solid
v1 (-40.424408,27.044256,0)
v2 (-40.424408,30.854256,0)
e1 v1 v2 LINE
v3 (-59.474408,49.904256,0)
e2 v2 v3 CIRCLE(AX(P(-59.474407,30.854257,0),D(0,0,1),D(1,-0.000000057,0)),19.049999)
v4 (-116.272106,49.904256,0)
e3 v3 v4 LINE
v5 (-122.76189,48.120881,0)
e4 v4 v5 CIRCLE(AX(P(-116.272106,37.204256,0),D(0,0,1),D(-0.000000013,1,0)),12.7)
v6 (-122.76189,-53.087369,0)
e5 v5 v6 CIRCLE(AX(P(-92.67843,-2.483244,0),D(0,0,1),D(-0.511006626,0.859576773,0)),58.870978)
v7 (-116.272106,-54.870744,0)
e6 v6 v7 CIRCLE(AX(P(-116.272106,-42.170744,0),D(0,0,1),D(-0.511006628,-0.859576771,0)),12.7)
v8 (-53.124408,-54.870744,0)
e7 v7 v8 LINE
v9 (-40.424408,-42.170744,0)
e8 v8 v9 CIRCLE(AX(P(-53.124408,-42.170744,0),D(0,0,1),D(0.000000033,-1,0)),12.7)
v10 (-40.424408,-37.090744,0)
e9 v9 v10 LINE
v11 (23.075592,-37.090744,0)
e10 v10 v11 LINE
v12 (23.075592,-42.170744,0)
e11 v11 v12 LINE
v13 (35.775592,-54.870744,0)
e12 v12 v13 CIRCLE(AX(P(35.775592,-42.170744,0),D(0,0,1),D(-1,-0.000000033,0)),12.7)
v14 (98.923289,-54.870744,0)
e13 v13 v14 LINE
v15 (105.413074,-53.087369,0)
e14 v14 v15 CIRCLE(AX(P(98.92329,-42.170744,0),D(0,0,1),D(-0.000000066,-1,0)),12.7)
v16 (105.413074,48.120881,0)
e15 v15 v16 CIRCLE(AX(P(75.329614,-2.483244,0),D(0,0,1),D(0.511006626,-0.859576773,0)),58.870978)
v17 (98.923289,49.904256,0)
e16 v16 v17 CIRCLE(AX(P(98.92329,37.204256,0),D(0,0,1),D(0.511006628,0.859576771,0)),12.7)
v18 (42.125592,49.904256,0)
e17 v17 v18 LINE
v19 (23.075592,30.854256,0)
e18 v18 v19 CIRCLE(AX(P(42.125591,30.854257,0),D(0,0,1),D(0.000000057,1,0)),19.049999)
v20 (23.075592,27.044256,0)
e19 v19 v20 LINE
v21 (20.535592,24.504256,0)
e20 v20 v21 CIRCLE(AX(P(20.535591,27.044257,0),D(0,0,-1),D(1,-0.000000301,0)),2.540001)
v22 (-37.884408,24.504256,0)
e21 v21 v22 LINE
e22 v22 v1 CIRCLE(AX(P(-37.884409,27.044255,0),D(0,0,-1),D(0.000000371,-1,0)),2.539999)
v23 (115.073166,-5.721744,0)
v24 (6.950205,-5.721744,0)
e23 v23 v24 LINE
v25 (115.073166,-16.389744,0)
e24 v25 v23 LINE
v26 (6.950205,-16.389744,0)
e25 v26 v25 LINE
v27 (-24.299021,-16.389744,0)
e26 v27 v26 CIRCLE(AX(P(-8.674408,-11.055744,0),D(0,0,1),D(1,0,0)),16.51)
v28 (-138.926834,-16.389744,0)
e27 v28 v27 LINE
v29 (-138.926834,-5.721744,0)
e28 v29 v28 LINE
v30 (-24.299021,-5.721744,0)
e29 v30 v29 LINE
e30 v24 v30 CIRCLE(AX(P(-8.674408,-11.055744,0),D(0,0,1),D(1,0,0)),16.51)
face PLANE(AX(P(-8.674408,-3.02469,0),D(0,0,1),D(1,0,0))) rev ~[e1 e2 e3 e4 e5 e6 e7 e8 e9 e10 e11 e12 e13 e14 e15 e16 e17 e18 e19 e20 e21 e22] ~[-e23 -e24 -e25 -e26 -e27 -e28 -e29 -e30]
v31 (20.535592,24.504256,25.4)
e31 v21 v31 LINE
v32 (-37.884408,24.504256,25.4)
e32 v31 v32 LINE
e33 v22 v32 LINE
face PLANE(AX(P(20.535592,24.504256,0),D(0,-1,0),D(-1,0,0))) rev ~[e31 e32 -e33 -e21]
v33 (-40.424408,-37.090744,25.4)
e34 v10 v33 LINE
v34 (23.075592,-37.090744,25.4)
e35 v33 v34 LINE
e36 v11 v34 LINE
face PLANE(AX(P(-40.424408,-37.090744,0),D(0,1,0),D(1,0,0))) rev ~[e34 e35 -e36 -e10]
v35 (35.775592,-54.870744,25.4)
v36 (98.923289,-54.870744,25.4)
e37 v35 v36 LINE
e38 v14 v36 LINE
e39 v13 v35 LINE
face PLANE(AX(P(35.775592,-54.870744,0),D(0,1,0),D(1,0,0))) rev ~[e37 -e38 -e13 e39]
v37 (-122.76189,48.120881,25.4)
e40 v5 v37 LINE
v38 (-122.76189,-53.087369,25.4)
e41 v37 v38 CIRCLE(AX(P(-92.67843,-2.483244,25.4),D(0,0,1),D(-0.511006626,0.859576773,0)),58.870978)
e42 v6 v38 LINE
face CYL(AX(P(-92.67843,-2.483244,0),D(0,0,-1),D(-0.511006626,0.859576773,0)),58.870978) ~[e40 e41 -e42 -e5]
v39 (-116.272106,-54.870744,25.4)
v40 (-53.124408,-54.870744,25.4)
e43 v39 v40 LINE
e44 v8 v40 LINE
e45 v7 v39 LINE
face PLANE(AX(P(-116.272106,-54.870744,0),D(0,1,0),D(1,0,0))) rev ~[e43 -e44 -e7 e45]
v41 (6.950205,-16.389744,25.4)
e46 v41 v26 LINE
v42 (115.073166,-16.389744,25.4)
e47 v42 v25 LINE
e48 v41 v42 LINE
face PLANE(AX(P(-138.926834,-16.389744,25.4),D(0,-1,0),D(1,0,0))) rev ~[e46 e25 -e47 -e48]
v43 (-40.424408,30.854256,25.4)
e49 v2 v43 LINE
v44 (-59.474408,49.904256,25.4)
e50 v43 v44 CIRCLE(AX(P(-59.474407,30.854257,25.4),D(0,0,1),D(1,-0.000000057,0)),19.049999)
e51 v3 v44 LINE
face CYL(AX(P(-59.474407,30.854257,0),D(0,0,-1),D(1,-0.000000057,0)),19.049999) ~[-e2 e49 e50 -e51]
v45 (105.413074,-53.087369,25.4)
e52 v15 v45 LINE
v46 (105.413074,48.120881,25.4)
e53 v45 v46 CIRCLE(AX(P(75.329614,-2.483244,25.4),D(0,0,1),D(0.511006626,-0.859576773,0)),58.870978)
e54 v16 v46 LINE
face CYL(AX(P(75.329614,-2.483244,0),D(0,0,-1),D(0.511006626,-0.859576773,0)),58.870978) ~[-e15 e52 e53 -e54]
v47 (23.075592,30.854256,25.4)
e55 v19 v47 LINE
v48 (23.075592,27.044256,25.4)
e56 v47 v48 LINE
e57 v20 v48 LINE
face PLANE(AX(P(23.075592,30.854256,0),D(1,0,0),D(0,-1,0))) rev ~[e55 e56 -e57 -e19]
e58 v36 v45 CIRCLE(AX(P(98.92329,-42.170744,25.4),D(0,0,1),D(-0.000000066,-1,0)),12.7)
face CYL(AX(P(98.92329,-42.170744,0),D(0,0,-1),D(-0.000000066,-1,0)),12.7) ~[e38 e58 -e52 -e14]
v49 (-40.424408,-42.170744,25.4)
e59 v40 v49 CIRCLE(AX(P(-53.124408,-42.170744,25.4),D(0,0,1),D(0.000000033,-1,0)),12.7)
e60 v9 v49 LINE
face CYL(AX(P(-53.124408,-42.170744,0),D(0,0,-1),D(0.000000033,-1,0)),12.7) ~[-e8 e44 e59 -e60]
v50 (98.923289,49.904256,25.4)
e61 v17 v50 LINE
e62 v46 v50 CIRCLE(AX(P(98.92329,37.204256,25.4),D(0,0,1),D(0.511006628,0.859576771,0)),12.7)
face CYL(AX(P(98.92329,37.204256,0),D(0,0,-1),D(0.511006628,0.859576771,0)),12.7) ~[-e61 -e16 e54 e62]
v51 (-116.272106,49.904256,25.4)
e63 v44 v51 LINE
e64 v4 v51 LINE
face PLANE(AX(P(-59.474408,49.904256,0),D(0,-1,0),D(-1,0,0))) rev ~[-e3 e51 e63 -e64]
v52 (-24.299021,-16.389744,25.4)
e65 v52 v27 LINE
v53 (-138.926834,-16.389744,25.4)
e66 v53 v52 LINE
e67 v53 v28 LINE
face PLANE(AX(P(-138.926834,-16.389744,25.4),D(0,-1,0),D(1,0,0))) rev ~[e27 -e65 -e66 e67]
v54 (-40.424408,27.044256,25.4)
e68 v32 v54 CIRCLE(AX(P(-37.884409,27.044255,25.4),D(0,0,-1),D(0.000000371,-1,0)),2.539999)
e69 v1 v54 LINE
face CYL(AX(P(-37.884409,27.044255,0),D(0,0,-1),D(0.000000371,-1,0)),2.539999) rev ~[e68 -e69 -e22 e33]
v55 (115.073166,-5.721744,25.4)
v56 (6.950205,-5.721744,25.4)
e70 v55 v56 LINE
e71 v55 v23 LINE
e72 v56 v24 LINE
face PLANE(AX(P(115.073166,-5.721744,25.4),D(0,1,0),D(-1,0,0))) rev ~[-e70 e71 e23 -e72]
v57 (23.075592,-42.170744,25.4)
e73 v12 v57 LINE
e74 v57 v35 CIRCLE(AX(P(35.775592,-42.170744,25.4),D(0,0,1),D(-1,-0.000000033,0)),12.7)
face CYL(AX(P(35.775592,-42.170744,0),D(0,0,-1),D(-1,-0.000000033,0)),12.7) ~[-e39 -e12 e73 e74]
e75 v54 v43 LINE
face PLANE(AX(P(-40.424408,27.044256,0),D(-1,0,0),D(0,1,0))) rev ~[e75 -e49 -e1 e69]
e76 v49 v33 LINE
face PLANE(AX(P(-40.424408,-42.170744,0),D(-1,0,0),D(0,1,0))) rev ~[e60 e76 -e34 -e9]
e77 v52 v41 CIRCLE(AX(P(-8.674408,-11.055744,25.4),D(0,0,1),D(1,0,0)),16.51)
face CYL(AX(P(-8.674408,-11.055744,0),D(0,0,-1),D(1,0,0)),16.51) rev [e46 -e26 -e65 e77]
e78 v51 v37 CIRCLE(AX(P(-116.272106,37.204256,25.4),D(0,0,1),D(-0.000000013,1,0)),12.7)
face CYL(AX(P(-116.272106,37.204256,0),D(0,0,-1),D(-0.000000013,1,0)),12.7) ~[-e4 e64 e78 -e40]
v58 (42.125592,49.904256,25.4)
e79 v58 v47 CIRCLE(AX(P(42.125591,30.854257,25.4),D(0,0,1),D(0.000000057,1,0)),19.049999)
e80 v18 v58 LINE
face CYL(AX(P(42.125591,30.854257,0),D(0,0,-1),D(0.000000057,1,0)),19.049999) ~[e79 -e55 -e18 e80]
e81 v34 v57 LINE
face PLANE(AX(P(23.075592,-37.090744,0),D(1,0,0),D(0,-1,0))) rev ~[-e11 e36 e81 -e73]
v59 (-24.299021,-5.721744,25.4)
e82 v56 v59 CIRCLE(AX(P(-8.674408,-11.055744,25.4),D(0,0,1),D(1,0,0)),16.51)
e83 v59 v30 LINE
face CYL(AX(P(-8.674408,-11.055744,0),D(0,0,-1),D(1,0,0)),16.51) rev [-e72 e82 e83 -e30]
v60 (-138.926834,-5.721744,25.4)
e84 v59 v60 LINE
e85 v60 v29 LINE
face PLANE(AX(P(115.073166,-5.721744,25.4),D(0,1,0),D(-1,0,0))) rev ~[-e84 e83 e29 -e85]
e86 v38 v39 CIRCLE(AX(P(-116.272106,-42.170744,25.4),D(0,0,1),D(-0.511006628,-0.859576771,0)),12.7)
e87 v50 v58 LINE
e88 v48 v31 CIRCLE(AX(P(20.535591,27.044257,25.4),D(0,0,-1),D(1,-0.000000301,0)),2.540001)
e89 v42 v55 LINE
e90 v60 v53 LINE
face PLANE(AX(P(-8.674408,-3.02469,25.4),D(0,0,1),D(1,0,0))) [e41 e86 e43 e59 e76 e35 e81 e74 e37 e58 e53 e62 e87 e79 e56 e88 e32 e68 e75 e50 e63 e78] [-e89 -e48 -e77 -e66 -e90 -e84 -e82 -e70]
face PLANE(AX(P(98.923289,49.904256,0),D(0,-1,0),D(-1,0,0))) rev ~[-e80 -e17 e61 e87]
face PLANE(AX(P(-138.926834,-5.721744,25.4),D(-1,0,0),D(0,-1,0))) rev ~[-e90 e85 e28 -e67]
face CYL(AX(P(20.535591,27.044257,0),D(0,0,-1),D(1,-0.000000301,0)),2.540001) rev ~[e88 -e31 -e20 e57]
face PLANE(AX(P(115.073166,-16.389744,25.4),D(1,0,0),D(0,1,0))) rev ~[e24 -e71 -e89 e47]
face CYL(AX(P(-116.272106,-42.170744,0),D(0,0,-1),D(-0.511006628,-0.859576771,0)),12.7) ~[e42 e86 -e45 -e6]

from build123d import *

# Parameters (mm, degrees)
F0_R     = 16.51
F1_DEPTH = 25.4
F3_DEPTH = 25.4


with BuildPart() as f1:
    # F0 (on Top) → F1 (new body)
    with BuildSketch(Plane.XY):
        with BuildLine():
            Line((-59.474408, 49.904256), (-116.272106, 49.904256))
            ThreePointArc((-116.272106, 49.904256), (-119.637285, 49.450299), (-122.76189, 48.120881))
            ThreePointArc((-122.76189, 48.120881), (-151.549408, -2.483244), (-122.76189, -53.087369))
            ThreePointArc((-122.76189, -53.087369), (-119.637285, -54.416787), (-116.272106, -54.870744))
            Line((-116.272106, -54.870744), (-53.124408, -54.870744))
            ThreePointArc((-53.124408, -54.870744), (-44.144152, -51.151), (-40.424408, -42.170744))
            Line((-40.424408, -42.170744), (-40.424408, -37.090744))
            Line((-40.424408, -37.090744), (-8.674408, -37.090744))
            Line((-8.674408, -37.090744), (23.075592, -37.090744))
            Line((23.075592, -37.090744), (23.075592, -42.170744))
            ThreePointArc((23.075592, -42.170744), (26.795336, -51.151), (35.775592, -54.870744))
            Line((35.775592, -54.870744), (98.923289, -54.870744))
            ThreePointArc((98.923289, -54.870744), (102.288469, -54.416787), (105.413074, -53.087369))
            ThreePointArc((105.413074, -53.087369), (134.200592, -2.483244), (105.413074, 48.120881))
            ThreePointArc((105.413074, 48.120881), (102.288469, 49.450299), (98.923289, 49.904256))
            Line((98.923289, 49.904256), (42.125592, 49.904256))
            ThreePointArc((42.125592, 49.904256), (28.655208, 44.324641), (23.075592, 30.854256))
            Line((23.075592, 30.854256), (23.075592, 27.044256))
            ThreePointArc((23.075592, 27.044256), (22.331643, 25.248205), (20.535592, 24.504256))
            Line((20.535592, 24.504256), (-8.674408, 24.504256))
            Line((-8.674408, 24.504256), (-37.884408, 24.504256))
            ThreePointArc((-37.884408, 24.504256), (-39.68046, 25.248205), (-40.424408, 27.044256))
            Line((-40.424408, 27.044256), (-40.424408, 30.854256))
            ThreePointArc((-40.424408, 30.854256), (-46.004024, 44.324641), (-59.474408, 49.904256))
        make_face()
        with Locations((-8.674408, -11.055744)):
            Circle(F0_R, mode=Mode.SUBTRACT)
    extrude(amount=F1_DEPTH)

    # F2 (on face) → F3 (cut)
    with BuildSketch(Plane.XY.offset(25.4)):
        with BuildLine():
            Line((115.073166, -5.721744), (6.950205, -5.721744))
            ThreePointArc((6.950205, -5.721744), (7.612741, -8.352252), (7.835592, -11.055744))
            ThreePointArc((7.835592, -11.055744), (7.612741, -13.759235), (6.950205, -16.389744))
            Line((6.950205, -16.389744), (115.073166, -16.389744))
            Line((115.073166, -16.389744), (115.073166, -5.721744))
        make_face()
        with BuildLine():
            Line((6.950205, -5.721744), (-24.299022, -5.721744))
            ThreePointArc((-24.299022, -5.721744), (-25.184408, -11.055744), (-24.299022, -16.389744))
            Line((-24.299022, -16.389744), (6.950205, -16.389744))
            ThreePointArc((6.950205, -16.389744), (7.612741, -13.759235), (7.835592, -11.055744))
            ThreePointArc((7.835592, -11.055744), (7.612741, -8.352252), (6.950205, -5.721744))
        make_face()
        with BuildLine():
            Line((-24.299022, -5.721744), (-138.926834, -5.721744))
            Line((-138.926834, -5.721744), (-138.926834, -16.389744))
            Line((-138.926834, -16.389744), (-24.299022, -16.389744))
            ThreePointArc((-24.299022, -16.389744), (-25.184408, -11.055744), (-24.299022, -5.721744))
        make_face()
    extrude(amount=-F3_DEPTH, mode=Mode.SUBTRACT)


solid = f1.part
